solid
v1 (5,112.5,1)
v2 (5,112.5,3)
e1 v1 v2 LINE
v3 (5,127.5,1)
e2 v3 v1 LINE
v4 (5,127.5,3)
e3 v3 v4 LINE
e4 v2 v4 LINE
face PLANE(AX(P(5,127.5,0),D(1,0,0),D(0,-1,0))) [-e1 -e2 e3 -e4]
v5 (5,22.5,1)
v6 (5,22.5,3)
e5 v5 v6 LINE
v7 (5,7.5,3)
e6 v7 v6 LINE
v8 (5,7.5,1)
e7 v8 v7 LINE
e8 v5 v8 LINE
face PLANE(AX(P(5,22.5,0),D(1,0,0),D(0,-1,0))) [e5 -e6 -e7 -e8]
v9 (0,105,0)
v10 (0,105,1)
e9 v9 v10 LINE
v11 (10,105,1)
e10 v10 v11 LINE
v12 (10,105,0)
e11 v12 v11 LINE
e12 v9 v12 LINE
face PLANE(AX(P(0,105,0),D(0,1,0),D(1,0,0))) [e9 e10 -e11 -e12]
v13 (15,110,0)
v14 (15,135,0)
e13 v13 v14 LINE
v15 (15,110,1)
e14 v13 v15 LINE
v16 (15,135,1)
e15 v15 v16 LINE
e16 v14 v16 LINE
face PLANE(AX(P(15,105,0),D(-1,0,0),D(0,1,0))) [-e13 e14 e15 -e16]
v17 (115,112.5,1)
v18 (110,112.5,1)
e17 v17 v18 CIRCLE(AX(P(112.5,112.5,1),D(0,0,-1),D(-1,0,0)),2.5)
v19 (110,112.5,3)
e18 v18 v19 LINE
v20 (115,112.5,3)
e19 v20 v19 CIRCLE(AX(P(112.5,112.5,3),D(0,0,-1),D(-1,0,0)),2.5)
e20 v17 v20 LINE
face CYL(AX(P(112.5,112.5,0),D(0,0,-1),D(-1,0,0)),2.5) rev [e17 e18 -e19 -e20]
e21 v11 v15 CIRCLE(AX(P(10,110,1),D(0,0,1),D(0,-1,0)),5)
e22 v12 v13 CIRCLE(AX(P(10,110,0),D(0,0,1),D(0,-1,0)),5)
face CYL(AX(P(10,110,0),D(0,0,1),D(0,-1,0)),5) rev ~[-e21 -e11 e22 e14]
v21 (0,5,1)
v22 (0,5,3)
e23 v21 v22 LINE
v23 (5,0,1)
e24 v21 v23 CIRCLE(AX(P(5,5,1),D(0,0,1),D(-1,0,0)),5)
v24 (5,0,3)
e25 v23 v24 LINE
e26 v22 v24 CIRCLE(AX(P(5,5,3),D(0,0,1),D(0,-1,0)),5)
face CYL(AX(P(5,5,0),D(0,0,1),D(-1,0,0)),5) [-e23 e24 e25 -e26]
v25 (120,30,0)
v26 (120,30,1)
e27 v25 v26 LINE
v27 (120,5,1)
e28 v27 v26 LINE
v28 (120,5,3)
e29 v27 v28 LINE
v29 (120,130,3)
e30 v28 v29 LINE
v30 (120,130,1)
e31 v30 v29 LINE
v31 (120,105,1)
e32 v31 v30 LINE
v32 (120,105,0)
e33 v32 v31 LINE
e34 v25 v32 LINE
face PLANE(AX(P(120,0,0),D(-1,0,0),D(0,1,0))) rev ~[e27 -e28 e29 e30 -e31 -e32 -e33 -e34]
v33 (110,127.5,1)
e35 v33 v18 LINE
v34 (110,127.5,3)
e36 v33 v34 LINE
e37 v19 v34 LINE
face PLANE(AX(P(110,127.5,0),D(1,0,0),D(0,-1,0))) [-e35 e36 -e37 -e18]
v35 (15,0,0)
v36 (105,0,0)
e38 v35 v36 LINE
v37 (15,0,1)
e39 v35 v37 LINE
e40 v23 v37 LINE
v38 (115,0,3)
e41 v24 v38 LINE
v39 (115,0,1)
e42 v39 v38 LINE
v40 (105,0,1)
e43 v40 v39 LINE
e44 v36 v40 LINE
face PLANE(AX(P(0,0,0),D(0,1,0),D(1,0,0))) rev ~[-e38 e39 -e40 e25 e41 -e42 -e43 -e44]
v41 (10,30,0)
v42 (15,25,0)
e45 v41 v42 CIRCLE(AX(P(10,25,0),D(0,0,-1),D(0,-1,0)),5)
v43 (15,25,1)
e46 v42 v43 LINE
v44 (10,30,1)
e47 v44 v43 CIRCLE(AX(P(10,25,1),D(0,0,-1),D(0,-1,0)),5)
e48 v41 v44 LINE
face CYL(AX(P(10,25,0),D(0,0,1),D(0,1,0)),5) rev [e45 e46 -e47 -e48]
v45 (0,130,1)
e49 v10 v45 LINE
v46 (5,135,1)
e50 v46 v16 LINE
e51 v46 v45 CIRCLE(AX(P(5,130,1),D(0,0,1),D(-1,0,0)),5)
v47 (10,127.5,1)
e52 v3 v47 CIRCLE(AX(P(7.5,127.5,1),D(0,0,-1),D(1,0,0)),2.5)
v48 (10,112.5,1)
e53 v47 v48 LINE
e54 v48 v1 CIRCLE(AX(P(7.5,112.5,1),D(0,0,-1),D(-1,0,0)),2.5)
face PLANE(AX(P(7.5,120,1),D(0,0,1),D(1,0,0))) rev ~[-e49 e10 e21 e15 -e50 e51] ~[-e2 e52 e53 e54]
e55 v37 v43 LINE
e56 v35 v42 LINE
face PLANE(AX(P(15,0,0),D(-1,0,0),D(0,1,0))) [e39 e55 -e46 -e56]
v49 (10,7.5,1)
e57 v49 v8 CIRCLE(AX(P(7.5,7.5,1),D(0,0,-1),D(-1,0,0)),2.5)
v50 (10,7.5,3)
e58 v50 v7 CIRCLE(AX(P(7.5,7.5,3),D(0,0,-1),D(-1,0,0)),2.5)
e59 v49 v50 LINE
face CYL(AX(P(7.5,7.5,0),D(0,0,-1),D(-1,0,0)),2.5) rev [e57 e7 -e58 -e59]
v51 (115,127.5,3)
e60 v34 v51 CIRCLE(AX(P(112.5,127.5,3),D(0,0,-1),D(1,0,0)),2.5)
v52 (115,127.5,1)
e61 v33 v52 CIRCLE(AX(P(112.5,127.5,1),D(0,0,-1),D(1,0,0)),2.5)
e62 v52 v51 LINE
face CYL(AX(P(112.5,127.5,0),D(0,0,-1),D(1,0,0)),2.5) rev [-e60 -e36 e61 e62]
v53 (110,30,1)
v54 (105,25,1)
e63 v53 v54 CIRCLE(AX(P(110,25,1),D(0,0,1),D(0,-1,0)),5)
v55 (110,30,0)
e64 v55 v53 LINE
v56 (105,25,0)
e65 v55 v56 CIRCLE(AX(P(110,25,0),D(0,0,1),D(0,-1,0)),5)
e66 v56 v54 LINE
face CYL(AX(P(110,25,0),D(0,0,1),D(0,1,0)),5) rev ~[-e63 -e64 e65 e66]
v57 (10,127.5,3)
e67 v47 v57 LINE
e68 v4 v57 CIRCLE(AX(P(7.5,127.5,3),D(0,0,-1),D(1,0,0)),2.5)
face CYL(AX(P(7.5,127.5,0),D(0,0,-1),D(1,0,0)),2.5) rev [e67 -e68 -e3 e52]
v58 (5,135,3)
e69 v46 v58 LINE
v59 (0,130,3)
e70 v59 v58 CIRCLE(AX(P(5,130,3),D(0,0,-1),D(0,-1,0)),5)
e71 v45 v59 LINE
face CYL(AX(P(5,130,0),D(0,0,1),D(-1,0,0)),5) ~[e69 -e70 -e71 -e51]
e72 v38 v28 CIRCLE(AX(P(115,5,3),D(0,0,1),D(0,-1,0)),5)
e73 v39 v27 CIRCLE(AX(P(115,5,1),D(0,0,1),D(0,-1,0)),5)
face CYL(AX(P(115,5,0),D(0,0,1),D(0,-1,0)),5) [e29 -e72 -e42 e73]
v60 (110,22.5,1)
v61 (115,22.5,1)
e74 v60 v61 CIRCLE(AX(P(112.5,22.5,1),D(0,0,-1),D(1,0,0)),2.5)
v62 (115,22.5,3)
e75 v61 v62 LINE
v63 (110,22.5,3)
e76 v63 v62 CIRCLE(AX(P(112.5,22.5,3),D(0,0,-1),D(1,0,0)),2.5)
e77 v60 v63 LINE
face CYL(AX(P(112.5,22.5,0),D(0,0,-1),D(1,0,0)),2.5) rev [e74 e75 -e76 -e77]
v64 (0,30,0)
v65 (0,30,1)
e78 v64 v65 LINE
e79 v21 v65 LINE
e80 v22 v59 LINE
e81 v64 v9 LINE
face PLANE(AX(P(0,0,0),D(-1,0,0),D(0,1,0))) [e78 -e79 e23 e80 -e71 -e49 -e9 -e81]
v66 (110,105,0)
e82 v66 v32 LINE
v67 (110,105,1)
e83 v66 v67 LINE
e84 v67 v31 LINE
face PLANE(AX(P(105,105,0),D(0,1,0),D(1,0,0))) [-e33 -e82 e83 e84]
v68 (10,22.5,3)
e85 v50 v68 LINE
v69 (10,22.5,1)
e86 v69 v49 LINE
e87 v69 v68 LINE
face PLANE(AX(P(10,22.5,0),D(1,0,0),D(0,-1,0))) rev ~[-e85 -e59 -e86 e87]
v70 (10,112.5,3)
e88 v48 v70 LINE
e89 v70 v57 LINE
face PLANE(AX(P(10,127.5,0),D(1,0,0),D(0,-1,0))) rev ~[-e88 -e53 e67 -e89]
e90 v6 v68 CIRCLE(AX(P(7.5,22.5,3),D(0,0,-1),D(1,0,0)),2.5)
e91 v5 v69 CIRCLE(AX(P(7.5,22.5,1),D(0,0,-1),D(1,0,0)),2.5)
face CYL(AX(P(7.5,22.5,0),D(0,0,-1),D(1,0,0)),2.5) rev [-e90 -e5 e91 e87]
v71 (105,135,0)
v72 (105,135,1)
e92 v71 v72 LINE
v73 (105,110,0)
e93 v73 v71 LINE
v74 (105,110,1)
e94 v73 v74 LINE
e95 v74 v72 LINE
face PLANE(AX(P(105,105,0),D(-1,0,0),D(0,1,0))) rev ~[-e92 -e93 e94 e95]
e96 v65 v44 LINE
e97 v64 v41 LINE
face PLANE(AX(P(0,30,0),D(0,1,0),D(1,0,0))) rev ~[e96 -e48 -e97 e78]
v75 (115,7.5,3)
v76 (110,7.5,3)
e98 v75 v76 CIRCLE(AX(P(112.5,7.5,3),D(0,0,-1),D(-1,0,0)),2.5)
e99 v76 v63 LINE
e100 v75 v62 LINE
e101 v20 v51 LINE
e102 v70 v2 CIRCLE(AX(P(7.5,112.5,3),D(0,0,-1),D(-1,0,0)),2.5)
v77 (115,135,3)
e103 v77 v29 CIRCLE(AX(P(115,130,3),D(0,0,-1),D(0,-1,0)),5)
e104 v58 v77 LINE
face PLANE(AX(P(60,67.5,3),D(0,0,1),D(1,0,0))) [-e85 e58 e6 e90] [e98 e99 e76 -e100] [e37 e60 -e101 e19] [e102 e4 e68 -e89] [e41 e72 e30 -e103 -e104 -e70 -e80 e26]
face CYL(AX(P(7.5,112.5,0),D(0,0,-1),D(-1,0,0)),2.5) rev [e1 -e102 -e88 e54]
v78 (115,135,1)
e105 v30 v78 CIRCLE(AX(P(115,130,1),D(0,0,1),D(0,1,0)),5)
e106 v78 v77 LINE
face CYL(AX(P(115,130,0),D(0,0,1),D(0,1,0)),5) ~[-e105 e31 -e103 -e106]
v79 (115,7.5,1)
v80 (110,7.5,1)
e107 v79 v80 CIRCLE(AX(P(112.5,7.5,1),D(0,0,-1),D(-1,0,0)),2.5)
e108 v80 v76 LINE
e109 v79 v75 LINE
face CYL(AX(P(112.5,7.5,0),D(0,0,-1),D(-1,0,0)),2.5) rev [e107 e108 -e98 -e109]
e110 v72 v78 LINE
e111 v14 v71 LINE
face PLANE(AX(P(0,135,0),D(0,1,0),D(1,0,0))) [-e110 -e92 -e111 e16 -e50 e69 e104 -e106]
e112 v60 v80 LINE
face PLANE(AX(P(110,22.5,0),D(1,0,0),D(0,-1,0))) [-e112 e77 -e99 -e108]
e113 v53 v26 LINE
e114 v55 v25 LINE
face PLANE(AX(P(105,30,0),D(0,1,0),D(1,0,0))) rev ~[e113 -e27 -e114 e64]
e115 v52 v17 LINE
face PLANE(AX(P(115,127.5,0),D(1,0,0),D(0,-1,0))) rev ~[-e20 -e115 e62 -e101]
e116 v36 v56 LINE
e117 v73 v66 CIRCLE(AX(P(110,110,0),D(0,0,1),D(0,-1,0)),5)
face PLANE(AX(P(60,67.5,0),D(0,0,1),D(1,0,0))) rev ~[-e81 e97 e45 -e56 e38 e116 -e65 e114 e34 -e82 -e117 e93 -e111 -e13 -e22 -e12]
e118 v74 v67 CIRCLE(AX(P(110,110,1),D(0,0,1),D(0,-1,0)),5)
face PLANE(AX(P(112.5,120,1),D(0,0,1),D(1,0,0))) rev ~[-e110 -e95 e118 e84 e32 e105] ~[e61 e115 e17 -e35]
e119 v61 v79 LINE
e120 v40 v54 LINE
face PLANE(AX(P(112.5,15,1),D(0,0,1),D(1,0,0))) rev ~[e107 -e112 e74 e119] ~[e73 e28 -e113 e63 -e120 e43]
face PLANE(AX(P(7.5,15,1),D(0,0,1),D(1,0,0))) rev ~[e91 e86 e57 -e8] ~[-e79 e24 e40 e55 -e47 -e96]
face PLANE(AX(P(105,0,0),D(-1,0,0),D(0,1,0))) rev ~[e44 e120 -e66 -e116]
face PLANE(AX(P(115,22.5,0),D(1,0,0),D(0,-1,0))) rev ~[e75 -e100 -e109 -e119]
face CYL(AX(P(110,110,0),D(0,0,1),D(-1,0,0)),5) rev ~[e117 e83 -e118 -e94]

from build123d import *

# Parameters (mm, degrees)
SKETCH_W        = 120
SKETCH_H        = 135
PAD_DEPTH       = 3
POCKET_DEPTH    = 5
FILLET_R        = 5
SKETCH002_W     = 15
SKETCH002_H     = 30
POCKET001_DEPTH = 1
FILLET001_R     = 5


with BuildPart() as part:
    # Sketch → Pad (new body)
    with BuildSketch(Plane.XY):
        with Locations((60, 67.5)):
            Rectangle(SKETCH_W, SKETCH_H)
    extrude(amount=PAD_DEPTH)

    # Sketch001 → Pocket (cut)
    with BuildSketch(Plane.XY):
        with BuildLine():
            ThreePointArc((10, 22.5), (7.5, 25), (5, 22.5))
            Line((5, 22.5), (5, 7.5))
            ThreePointArc((5, 7.5), (7.5, 5), (10, 7.5))
            Line((10, 22.5), (10, 7.5))
        make_face()
        with BuildLine():
            ThreePointArc((115, 22.5), (112.5, 25), (110, 22.5))
            Line((110, 22.5), (110, 7.5))
            ThreePointArc((110, 7.5), (112.5, 5), (115, 7.5))
            Line((115, 22.5), (115, 7.5))
        make_face()
        with BuildLine():
            ThreePointArc((10, 127.5), (7.5, 130), (5, 127.5))
            Line((5, 127.5), (5, 112.5))
            ThreePointArc((5, 112.5), (7.5, 110), (10, 112.5))
            Line((10, 127.5), (10, 112.5))
        make_face()
        with BuildLine():
            ThreePointArc((115, 127.5), (112.5, 130), (110, 127.5))
            Line((110, 127.5), (110, 112.5))
            ThreePointArc((110, 112.5), (112.5, 110), (115, 112.5))
            Line((115, 127.5), (115, 112.5))
        make_face()
    extrude(amount=POCKET_DEPTH, mode=Mode.SUBTRACT)

    # Fillet
    fillet_edges = [part.edges().sort_by_distance(p)[0] for p in [
        (120, 0, 1.5),
        (120, 135, 1.5),
        (0, 135, 1.5),
        (0, 0, 1.5),
    ]]
    fillet(fillet_edges, radius=FILLET_R)

    # Sketch002 → Pocket001 (cut)
    with BuildSketch(Plane.XY):
        with Locations((7.5, 15)):
            Rectangle(SKETCH002_W, SKETCH002_H)
        with Locations((7.5, 120)):
            Rectangle(SKETCH002_W, SKETCH002_H)
        with Locations((112.5, 120)):
            Rectangle(SKETCH002_W, SKETCH002_H)
        with Locations((112.5, 15)):
            Rectangle(SKETCH002_W, SKETCH002_H)
    extrude(amount=POCKET001_DEPTH, mode=Mode.SUBTRACT)

    # Fillet001
    fillet001_edges = [part.edges().sort_by_distance(p)[0] for p in [
        (15, 105, 0.5),
        (105, 105, 0.5),
        (105, 30, 0.5),
        (15, 30, 0.5),
    ]]
    fillet(fillet001_edges, radius=FILLET001_R)


solid = part.part
